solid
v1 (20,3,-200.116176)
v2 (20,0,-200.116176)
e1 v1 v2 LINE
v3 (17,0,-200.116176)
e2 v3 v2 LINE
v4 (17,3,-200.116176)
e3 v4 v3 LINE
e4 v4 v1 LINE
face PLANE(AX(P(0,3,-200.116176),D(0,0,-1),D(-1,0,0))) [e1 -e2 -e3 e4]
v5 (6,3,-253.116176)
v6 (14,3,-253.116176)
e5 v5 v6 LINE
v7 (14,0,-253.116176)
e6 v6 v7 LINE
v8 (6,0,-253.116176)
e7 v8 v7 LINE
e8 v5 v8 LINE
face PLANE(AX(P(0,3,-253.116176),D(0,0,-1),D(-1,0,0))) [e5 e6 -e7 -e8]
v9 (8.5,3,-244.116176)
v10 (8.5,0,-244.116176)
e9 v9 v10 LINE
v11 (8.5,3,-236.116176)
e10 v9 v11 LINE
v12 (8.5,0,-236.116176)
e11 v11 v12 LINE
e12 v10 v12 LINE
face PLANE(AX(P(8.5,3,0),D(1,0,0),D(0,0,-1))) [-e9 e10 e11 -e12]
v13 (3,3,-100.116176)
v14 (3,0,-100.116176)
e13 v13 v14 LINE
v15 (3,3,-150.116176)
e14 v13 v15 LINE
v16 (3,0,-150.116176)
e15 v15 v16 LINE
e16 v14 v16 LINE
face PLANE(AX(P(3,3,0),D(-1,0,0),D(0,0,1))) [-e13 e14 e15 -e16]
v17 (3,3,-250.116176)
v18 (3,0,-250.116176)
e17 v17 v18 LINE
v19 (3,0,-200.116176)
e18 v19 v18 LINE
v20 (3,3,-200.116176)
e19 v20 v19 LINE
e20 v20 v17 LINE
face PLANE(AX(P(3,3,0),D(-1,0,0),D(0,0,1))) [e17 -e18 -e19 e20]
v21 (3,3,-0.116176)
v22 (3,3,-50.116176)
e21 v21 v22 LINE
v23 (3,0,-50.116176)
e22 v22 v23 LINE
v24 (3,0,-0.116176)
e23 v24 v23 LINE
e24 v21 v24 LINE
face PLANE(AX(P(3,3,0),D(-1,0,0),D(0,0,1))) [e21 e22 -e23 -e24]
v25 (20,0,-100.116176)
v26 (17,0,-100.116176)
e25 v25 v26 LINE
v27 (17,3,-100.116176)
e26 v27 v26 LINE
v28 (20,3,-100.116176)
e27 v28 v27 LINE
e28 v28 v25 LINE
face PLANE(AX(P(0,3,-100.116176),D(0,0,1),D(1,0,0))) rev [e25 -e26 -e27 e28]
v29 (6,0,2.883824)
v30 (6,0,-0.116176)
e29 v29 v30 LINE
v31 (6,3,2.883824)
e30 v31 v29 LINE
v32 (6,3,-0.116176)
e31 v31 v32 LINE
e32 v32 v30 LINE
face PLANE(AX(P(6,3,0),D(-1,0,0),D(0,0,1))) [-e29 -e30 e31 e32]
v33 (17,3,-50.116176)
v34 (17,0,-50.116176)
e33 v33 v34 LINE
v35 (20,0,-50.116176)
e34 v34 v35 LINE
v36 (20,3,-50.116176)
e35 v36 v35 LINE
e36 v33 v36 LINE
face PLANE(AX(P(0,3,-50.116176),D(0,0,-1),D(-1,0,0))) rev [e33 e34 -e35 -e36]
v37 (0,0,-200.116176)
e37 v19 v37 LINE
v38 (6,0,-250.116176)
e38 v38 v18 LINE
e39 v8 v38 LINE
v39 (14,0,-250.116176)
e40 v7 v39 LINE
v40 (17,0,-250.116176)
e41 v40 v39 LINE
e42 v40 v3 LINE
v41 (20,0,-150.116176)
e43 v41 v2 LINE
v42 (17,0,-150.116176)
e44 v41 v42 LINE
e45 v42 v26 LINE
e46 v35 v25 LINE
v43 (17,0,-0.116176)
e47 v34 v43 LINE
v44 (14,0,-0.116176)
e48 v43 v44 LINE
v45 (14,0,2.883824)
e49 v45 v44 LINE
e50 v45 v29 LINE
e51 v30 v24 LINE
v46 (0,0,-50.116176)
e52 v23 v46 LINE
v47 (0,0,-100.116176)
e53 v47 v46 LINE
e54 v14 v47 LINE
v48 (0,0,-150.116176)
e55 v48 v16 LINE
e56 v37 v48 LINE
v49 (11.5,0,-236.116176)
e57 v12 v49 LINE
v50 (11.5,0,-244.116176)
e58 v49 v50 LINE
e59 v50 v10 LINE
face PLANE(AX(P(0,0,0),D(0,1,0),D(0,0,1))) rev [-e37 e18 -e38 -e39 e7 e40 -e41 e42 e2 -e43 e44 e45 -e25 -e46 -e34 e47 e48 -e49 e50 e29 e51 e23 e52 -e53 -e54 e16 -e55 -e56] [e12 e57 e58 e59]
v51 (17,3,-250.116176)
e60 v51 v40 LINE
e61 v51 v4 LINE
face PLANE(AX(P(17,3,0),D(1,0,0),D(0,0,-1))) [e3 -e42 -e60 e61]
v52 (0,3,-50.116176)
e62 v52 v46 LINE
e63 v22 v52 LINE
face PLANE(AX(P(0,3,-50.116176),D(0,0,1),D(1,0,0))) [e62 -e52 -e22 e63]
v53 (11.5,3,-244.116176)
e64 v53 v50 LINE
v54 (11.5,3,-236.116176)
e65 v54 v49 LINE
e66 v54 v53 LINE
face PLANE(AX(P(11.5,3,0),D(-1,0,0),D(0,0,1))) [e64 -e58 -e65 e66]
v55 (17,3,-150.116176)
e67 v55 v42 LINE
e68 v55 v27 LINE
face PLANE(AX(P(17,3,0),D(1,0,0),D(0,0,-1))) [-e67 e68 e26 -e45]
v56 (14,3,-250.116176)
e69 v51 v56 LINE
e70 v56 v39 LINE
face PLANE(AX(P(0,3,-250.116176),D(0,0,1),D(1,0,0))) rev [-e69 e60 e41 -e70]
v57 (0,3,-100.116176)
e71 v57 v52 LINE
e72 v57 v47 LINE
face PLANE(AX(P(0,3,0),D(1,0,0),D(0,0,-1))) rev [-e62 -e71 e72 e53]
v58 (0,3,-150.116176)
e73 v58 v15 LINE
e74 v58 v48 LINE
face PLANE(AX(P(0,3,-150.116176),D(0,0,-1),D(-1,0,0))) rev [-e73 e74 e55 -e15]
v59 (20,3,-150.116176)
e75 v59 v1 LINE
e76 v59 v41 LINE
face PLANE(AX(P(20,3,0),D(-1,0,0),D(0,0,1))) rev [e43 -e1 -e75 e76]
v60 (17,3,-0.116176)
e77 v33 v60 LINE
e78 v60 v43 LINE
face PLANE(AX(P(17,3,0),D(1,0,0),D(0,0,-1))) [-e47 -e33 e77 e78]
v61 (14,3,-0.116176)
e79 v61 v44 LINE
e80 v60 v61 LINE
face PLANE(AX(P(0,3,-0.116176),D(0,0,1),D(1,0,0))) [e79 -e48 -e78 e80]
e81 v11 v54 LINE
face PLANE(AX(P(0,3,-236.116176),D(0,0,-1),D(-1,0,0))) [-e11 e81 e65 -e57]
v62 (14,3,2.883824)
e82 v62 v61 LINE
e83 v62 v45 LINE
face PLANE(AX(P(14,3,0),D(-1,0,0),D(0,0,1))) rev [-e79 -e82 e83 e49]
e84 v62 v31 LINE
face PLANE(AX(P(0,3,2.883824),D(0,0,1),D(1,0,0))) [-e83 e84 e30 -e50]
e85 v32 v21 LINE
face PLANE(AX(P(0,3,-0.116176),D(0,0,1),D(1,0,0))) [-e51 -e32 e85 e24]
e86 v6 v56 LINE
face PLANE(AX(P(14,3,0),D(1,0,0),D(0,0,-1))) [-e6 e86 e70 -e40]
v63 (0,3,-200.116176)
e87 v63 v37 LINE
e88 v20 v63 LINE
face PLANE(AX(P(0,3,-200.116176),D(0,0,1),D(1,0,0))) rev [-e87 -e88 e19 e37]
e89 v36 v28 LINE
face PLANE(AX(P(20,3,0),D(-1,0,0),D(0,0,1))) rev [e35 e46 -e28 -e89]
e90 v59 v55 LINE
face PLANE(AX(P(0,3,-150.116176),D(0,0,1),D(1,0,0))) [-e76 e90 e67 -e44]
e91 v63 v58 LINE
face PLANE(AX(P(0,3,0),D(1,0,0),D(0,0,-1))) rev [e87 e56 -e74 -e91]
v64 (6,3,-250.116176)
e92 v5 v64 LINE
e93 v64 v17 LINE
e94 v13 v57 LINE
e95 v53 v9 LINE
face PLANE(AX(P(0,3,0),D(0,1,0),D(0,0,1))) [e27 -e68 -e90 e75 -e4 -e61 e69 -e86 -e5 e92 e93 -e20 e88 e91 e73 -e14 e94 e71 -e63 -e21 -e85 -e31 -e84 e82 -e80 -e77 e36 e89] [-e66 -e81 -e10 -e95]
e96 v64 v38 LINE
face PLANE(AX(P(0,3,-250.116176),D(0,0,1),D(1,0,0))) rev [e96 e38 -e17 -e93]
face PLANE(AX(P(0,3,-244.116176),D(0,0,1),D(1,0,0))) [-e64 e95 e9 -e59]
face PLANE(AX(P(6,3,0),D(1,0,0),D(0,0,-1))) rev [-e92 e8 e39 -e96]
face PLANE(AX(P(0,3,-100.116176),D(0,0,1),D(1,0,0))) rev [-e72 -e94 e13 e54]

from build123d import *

# Parameters (mm, degrees)
SALIENTE_EXTRUIR1_DEPTH = 3


with BuildPart() as part:
    # Croquis1 → Saliente-Extruir1 (new body)
    with BuildSketch(Plane(origin=(0, 0, 0), x_dir=(1, 0, 0), z_dir=(0, 1, 0))):
        Polygon((14, 253.116176228), (10, 253.116176228), (6, 253.116176228), (6, 250.116176228), (3, 250.116176228), (3, 200.116176228), (0, 200.116176228), (0, 150.116176228), (3, 150.116176228), (3, 100.116176228), (0, 100.116176228), (0, 50.116176228), (3, 50.116176228), (3, 0.116176228), (6, 0.116176228), (6, -2.883823772), (14, -2.883823772), (14, 0.116176228), (17, 0.116176228), (17, 50.116176228), (20, 50.116176228), (20, 100.116176228), (17, 100.116176228), (17, 150.116176228), (20, 150.116176228), (20, 200.116176228), (17, 200.116176228), (17, 250.116176228), (14, 250.116176228), align=None)
        Polygon((8.5, 244.116176228), (10, 244.116176228), (11.5, 244.116176228), (11.5, 236.116176228), (8.5, 236.116176228), align=None, mode=Mode.SUBTRACT)
    extrude(amount=SALIENTE_EXTRUIR1_DEPTH)


solid = part.part
